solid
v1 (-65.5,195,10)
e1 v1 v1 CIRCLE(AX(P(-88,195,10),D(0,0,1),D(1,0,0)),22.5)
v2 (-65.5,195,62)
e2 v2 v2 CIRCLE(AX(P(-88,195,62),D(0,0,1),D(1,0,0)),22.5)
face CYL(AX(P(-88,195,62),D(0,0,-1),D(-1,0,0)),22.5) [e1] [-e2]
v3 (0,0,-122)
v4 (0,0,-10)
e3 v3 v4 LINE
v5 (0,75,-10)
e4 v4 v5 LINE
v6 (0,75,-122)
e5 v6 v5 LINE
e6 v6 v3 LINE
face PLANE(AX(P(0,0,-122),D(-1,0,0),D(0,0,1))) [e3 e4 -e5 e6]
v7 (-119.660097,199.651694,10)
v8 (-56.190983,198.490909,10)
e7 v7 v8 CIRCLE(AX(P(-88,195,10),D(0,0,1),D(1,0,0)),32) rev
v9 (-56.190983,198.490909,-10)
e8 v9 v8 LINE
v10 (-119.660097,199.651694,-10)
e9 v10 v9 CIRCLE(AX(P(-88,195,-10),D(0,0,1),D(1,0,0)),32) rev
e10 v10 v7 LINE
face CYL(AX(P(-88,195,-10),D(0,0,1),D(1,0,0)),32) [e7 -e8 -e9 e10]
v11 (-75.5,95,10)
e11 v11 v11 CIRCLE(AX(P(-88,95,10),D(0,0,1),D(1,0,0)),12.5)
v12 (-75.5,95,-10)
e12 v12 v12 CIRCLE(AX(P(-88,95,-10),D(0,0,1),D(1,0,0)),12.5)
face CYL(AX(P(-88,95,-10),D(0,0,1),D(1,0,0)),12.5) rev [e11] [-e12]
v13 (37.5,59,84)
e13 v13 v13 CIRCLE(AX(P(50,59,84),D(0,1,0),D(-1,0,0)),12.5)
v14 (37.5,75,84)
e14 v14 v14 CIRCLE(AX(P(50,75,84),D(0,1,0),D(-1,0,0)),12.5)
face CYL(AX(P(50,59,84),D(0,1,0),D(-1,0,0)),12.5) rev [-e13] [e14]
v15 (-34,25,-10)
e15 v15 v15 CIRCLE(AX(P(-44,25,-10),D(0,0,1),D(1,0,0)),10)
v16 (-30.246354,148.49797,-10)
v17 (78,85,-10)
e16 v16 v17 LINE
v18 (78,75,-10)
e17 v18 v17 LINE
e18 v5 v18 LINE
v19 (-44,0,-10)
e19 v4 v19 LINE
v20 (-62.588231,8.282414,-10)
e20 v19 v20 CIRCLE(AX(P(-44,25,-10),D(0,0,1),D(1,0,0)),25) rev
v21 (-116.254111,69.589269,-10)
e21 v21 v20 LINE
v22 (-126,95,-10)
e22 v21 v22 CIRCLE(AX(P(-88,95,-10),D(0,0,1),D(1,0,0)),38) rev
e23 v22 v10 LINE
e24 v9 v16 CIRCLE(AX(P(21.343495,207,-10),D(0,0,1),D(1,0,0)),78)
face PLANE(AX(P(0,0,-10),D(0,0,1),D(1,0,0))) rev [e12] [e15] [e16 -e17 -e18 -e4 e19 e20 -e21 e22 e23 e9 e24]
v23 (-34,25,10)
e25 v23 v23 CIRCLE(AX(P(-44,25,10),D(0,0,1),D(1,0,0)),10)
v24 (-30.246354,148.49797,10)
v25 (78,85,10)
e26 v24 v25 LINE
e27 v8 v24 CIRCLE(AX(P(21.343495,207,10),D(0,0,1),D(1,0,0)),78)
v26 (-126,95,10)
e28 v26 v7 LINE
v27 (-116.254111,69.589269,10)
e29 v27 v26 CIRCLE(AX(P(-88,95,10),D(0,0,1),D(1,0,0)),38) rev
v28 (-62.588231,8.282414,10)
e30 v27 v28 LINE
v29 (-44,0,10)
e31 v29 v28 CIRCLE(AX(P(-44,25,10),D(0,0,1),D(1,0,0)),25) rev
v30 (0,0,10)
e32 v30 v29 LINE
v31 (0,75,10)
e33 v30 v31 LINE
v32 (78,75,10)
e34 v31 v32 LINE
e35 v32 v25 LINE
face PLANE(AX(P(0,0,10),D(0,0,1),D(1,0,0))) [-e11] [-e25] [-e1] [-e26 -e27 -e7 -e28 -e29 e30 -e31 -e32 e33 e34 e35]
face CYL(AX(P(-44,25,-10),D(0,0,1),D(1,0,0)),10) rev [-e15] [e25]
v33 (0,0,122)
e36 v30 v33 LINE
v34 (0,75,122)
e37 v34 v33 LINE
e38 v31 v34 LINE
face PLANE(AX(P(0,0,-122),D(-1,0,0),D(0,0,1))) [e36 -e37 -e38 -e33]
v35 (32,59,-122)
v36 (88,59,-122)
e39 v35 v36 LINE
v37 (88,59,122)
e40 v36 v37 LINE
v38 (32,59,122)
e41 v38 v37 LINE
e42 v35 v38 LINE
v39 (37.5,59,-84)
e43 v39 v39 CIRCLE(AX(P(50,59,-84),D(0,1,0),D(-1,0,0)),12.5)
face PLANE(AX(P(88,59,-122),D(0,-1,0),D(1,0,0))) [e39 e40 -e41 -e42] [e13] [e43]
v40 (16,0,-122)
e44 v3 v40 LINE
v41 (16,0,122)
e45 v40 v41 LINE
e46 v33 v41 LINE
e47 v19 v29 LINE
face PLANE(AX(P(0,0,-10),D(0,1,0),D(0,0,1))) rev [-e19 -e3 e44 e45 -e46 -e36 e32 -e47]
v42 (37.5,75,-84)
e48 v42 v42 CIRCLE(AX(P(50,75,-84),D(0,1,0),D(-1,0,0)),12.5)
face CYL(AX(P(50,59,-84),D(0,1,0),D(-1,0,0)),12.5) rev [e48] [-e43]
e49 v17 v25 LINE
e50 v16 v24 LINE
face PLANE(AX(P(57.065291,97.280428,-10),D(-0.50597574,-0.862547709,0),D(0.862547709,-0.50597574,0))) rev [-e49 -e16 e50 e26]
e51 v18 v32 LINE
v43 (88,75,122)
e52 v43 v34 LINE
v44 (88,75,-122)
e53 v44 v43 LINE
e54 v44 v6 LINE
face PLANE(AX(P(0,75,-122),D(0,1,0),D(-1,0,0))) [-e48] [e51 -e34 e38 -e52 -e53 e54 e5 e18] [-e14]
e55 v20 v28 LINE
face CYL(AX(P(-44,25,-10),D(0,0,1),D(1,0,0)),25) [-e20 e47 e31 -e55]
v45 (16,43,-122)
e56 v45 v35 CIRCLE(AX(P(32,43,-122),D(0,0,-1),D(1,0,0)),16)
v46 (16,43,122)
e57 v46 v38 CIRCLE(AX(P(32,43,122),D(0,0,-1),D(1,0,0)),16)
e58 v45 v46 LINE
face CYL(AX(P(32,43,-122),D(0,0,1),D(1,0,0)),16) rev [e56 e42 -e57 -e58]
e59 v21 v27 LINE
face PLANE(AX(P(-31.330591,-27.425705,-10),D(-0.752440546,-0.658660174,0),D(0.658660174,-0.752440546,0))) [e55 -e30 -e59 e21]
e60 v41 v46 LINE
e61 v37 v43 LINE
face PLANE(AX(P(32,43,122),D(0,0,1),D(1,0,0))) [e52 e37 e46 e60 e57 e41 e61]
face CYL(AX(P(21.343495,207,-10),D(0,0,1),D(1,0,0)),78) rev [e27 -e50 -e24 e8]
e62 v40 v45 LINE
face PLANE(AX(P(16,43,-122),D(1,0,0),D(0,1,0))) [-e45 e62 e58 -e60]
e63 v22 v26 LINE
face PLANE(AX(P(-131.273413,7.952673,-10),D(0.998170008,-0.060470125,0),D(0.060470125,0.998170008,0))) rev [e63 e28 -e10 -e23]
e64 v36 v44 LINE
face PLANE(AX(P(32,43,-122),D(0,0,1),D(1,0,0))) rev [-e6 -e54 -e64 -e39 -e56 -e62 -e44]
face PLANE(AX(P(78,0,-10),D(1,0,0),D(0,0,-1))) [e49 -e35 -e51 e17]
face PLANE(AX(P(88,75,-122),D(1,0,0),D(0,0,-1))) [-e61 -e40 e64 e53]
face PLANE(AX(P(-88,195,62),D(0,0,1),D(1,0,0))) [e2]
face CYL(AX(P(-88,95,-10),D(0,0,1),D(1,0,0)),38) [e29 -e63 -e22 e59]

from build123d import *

# Parameters (mm, degrees)
SKETCH8_R                 = 22.5
BOSS_EXTRUDE14_DEPTH      = 62
BOSS_EXTRUDE15_DEPTH      = 10
BOSS_EXTRUDE15_DEPTH_BACK = 10
SKETCH2_R                 = 10
SKETCH2_R_2               = 12.5
BOSS_EXTRUDE16_DEPTH      = 122
BOSS_EXTRUDE16_DEPTH_BACK = 122
SKETCH9_R                 = 12.5
CUT_EXTRUDE1_DEPTH        = 16


with BuildPart() as part:
    # Sketch8 → Boss-Extrude14 (new body)
    with BuildSketch(Plane.XY):
        with Locations((-88, 195)):
            Circle(SKETCH8_R)
    extrude(amount=BOSS_EXTRUDE14_DEPTH)

    # Sketch2 → Boss-Extrude15 (add, two sides: drawn at the far end of the back side and taken through both)
    with BuildSketch(Plane.XY.offset(-BOSS_EXTRUDE15_DEPTH_BACK)):
        with BuildLine():
            Line((-44, 0), (0, 0))
            Line((0, 0), (0, 75))
            Line((0, 75), (78, 75))
            Line((78, 75), (78, 85))
            Line((78, 85), (-30.246353585, 148.497970332))
            ThreePointArc((-30.246353585, 148.497970332), (-47.888697043, 171.070854158), (-56.190983138, 198.490909091))
            ThreePointArc((-56.190983138, 198.490909091), (-87.414850516, 226.994649554), (-119.660096955, 199.651694401))
            Line((-119.660096955, 199.651694401), (-126, 95))
            ThreePointArc((-126, 95), (-123.479967643, 81.392211935), (-116.254110736, 69.589269461))
            Line((-116.254110736, 69.589269461), (-62.588230747, 8.282414119))
            ThreePointArc((-62.588230747, 8.282414119), (-54.17497796, 2.164286227), (-44, 0))
        make_face()
        with Locations((-44, 25)):
            Circle(SKETCH2_R, mode=Mode.SUBTRACT)
        with Locations((-88, 95)):
            Circle(SKETCH2_R_2, mode=Mode.SUBTRACT)
    extrude(amount=BOSS_EXTRUDE15_DEPTH + BOSS_EXTRUDE15_DEPTH_BACK)

    # Sketch3 → Boss-Extrude16 (add, two sides: drawn at the far end of the back side and taken through both)
    with BuildSketch(Plane.XY.offset(-BOSS_EXTRUDE16_DEPTH_BACK)):
        with BuildLine():
            Line((0, 0), (0, 75))
            Line((0, 75), (78, 75))
            Line((78, 75), (88, 75))
            Line((88, 75), (88, 59))
            Line((88, 59), (32, 59))
            ThreePointArc((32, 59), (20.686291501, 54.313708499), (16, 43))
            Line((16, 43), (16, 0))
            Line((16, 0), (0, 0))
        make_face()
    extrude(amount=BOSS_EXTRUDE16_DEPTH + BOSS_EXTRUDE16_DEPTH_BACK)

    # Sketch9 → Cut-Extrude1 (cut)
    with BuildSketch(Plane(origin=(0, 75, 0), x_dir=(1, 0, 0), z_dir=(0, 1, 0))):
        with Locations((50, -84)):
            Circle(SKETCH9_R)
        with Locations((50, 84)):
            Circle(SKETCH9_R)
    extrude(amount=-CUT_EXTRUDE1_DEPTH, mode=Mode.SUBTRACT)


solid = part.part
